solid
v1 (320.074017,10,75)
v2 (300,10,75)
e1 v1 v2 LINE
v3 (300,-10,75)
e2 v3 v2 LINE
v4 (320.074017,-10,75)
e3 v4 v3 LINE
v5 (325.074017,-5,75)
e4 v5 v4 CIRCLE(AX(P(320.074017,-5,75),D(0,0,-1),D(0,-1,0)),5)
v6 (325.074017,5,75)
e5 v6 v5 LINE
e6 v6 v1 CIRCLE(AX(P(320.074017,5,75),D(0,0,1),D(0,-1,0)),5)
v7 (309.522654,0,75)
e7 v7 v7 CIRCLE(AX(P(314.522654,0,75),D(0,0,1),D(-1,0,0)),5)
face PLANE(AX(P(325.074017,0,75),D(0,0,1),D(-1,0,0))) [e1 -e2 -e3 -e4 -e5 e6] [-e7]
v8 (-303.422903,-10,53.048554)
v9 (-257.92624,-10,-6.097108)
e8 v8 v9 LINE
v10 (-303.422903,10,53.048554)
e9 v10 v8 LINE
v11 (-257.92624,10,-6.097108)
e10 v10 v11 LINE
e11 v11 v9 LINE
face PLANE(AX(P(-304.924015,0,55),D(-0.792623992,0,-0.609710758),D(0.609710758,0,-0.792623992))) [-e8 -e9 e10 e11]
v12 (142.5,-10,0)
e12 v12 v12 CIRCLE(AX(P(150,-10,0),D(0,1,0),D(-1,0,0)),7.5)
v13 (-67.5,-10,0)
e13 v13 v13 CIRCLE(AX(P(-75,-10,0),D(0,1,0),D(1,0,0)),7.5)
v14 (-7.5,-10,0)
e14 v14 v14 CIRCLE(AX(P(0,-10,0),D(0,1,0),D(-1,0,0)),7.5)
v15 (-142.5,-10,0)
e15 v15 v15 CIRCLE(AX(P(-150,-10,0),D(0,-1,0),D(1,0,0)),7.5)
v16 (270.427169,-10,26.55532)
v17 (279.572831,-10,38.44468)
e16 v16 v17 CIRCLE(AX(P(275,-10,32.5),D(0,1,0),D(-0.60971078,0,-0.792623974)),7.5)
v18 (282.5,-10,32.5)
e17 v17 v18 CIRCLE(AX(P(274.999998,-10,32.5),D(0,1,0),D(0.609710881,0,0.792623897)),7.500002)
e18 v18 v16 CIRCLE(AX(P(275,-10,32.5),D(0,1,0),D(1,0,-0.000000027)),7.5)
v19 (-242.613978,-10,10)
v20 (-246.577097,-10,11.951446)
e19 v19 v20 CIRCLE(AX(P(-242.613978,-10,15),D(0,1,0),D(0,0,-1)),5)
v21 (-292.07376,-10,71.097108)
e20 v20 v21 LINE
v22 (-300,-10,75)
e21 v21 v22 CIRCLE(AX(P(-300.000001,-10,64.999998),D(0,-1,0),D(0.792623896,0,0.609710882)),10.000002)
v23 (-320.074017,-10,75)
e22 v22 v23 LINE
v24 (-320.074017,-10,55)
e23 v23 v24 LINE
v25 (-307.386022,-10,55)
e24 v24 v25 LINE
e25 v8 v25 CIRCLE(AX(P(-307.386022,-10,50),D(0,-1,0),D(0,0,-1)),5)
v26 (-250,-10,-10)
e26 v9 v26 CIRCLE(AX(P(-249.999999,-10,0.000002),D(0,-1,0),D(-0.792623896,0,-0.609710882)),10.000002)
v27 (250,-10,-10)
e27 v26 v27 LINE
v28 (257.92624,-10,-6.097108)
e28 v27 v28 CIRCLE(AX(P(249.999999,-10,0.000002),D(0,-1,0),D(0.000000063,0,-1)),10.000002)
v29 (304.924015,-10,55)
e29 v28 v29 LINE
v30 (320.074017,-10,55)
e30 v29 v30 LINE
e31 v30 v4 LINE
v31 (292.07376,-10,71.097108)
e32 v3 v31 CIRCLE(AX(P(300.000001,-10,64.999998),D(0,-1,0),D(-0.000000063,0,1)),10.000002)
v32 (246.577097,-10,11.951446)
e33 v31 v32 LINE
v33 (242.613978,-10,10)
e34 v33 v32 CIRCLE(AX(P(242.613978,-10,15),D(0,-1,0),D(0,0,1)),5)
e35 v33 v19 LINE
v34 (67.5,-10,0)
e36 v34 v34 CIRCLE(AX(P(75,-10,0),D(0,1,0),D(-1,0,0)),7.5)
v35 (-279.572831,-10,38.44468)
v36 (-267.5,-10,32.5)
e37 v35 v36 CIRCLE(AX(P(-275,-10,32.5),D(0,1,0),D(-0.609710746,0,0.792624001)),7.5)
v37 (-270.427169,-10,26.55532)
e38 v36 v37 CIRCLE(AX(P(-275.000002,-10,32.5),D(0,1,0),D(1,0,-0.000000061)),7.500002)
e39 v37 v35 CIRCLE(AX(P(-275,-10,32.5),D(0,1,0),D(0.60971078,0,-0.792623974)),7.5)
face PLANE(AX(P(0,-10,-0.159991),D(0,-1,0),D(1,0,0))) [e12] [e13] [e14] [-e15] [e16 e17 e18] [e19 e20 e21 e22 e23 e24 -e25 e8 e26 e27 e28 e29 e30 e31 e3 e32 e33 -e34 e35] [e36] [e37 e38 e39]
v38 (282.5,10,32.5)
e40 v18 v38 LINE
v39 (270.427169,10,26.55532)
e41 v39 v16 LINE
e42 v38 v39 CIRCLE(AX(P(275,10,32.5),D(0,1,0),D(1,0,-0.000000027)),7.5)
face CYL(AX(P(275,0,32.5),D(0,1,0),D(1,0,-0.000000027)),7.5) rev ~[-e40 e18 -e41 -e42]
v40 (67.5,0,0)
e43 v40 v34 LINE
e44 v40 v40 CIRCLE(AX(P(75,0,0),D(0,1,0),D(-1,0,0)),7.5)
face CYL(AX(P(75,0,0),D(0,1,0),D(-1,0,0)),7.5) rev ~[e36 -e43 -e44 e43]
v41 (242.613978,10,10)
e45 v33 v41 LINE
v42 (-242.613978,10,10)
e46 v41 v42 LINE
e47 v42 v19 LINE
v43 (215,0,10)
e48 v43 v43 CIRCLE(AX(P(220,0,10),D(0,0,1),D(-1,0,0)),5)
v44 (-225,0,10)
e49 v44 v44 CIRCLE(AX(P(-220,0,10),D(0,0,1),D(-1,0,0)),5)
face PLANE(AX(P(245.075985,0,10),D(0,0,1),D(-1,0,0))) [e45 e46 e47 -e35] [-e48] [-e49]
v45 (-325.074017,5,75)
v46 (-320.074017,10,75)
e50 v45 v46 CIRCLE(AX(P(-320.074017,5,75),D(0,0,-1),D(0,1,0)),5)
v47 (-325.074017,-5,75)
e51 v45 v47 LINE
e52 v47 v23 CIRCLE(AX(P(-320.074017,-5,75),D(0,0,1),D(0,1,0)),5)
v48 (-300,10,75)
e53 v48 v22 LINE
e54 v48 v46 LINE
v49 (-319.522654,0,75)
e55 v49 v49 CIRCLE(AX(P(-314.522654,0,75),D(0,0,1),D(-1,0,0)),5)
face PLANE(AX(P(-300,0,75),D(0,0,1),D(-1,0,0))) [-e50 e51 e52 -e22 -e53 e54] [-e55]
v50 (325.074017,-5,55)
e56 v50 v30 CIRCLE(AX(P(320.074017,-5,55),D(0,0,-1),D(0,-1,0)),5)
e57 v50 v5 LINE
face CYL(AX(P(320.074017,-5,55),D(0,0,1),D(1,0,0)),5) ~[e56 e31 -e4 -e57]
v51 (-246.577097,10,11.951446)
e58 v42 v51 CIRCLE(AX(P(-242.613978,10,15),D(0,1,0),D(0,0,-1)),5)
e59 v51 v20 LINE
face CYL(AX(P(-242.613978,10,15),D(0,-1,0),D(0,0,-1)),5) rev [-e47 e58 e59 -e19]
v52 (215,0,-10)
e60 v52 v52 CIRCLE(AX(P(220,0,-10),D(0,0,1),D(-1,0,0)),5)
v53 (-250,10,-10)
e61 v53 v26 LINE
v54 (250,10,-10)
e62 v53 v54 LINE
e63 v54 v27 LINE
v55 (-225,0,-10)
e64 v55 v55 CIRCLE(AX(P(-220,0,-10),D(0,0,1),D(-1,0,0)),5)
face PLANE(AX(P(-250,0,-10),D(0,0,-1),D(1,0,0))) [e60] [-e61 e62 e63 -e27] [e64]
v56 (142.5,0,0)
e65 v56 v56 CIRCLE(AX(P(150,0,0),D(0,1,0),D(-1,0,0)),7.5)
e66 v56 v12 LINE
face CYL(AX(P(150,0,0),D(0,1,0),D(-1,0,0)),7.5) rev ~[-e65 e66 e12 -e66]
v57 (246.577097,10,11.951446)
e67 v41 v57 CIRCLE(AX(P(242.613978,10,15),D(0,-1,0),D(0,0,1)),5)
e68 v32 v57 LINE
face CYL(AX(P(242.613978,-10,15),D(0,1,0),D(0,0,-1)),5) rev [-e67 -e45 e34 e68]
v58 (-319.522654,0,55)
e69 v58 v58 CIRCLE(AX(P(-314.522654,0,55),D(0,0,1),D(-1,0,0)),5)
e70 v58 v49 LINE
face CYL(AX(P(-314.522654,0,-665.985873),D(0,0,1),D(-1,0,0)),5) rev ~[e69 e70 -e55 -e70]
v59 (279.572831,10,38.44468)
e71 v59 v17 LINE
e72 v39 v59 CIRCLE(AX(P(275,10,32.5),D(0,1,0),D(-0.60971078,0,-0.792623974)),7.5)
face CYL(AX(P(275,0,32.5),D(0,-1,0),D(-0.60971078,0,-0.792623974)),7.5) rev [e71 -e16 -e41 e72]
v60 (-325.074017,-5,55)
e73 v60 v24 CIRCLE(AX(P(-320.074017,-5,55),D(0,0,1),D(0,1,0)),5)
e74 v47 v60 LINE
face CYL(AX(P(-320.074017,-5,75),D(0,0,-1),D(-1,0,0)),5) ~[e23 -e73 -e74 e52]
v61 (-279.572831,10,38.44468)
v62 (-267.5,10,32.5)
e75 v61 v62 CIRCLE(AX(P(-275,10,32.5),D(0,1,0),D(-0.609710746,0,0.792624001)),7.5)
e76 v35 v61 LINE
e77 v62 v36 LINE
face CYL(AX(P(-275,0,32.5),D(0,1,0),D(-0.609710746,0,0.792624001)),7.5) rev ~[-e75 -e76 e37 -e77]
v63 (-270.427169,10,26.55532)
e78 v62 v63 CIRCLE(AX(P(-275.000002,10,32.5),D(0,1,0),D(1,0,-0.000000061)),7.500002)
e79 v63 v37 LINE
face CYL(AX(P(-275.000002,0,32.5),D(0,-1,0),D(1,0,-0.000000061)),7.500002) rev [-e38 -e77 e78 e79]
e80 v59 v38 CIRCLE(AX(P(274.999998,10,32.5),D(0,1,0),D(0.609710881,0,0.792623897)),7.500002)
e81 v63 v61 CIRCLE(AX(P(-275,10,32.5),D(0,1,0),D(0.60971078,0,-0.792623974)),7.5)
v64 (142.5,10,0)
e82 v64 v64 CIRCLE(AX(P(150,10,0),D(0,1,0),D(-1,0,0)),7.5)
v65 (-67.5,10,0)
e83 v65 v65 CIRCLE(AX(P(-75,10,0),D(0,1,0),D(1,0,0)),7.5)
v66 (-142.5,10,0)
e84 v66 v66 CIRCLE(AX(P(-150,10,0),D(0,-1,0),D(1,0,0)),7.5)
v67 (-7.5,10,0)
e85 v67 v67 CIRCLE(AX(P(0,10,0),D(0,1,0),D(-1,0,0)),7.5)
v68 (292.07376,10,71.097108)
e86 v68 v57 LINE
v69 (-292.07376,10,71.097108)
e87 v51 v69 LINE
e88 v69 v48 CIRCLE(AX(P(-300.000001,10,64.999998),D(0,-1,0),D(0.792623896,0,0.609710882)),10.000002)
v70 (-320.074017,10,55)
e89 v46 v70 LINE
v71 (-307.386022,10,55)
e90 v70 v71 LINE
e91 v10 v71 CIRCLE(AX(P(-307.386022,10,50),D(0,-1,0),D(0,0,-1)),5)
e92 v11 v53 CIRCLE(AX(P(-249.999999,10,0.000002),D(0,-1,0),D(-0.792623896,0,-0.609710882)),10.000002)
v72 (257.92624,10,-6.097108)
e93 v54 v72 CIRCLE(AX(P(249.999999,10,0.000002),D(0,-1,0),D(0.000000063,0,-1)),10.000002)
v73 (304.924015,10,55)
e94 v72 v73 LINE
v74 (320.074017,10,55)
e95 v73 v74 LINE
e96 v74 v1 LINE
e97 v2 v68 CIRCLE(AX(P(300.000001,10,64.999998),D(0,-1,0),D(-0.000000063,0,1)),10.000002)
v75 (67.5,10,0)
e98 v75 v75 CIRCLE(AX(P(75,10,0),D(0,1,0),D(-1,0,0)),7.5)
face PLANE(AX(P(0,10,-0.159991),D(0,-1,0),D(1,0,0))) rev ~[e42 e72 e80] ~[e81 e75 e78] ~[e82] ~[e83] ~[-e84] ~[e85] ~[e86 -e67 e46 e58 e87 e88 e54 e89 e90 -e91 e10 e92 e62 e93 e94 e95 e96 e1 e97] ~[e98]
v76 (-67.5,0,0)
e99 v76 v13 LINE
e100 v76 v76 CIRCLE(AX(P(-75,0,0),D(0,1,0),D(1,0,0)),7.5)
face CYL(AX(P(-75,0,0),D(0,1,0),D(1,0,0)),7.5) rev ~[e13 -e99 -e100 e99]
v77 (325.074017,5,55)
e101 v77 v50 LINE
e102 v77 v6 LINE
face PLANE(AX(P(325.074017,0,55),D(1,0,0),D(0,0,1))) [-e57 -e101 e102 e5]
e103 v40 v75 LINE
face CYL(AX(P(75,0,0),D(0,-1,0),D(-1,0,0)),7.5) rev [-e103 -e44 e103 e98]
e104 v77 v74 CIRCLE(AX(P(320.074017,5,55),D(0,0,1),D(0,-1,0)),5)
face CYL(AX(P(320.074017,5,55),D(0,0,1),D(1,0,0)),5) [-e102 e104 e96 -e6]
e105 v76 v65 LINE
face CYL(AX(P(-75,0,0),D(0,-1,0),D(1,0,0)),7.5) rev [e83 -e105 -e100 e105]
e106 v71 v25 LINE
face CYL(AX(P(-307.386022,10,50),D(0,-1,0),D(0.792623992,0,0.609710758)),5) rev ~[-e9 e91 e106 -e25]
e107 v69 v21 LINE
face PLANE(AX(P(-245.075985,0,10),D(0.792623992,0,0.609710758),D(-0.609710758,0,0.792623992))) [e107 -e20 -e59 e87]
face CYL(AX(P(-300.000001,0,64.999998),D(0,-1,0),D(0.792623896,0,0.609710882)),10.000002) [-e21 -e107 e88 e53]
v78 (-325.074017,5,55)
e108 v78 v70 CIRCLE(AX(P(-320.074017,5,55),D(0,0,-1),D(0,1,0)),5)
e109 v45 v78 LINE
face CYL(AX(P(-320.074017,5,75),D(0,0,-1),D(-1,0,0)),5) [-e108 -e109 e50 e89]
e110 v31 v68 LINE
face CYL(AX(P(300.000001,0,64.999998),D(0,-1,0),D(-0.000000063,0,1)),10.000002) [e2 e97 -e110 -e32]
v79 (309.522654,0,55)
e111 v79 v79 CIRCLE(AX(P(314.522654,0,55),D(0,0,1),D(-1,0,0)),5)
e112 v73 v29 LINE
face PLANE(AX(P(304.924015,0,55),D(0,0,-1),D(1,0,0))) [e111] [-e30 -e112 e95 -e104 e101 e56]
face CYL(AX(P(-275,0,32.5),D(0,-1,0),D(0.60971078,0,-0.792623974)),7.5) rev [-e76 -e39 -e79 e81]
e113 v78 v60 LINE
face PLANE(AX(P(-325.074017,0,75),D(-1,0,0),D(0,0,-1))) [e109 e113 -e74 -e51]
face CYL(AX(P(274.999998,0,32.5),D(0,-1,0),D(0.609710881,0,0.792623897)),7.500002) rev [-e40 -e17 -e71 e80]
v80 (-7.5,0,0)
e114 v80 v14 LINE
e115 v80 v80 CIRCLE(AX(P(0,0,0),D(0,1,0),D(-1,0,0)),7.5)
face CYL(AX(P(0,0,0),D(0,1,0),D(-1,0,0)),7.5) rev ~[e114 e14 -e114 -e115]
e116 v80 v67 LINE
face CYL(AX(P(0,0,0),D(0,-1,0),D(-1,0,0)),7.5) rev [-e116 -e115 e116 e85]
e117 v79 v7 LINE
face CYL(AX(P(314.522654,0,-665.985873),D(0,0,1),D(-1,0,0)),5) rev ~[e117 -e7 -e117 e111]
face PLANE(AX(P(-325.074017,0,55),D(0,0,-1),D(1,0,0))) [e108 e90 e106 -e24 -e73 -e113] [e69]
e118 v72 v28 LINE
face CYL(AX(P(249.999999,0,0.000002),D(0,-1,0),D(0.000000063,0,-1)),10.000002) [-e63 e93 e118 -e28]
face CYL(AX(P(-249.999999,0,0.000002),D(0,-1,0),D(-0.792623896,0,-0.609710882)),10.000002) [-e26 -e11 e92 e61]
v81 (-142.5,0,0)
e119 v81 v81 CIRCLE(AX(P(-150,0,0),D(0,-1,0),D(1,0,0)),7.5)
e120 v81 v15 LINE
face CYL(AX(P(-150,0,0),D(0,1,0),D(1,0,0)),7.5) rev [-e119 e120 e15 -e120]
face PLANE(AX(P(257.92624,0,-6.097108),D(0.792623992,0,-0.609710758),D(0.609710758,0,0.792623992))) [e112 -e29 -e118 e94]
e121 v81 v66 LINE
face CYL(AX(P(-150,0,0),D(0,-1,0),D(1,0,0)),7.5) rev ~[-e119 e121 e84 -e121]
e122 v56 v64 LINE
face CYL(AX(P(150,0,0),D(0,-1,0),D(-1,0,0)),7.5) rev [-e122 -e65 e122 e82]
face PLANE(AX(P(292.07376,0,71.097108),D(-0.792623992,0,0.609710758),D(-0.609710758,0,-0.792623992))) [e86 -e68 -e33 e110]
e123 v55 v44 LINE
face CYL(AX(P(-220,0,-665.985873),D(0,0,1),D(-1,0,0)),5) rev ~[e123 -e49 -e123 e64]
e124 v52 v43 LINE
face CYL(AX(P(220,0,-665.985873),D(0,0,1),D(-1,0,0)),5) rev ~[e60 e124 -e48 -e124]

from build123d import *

# Parameters (mm, degrees)
F0_R     = 7.5
F1_DEPTH = 10
F2_R     = 5
F5_D     = 10


with BuildPart() as f1:
    # F0 (on Front) → F1 (new body, symmetric)
    with BuildSketch(Plane.XZ):
        with BuildLine():
            Line((0, 10), (-245.075985, 10))
            Line((-245.075985, 10), (-242.07376, 6.097108))
            ThreePointArc((-242.07376, 6.097108), (-241.028627, -4.417518), (-250, -10))
            Line((-250, -10), (0, -10))
            Line((0, -10), (250, -10))
            ThreePointArc((250, -10), (241.028627, -4.417518), (242.07376, 6.097108))
            Line((242.07376, 6.097108), (245.075985, 10))
            Line((245.075985, 10), (0, 10))
        make_face()
        with Locations((-150, 0)):
            Circle(F0_R, mode=Mode.SUBTRACT)
        with BuildLine():
            ThreePointArc((-82.5, 0), (-75, 7.5), (-67.5, 0))
            ThreePointArc((-67.5, 0), (-75, -7.5), (-82.5, 0))
        make_face(mode=Mode.SUBTRACT)
        with BuildLine():
            ThreePointArc((7.5, 0), (0, -7.5), (-7.5, 0))
            ThreePointArc((-7.5, 0), (0, 7.5), (7.5, 0))
        make_face(mode=Mode.SUBTRACT)
        with BuildLine():
            ThreePointArc((82.5, 0), (75, -7.5), (67.5, 0))
            ThreePointArc((67.5, 0), (75, 7.5), (82.5, 0))
        make_face(mode=Mode.SUBTRACT)
        with BuildLine():
            ThreePointArc((157.5, 0), (150, -7.5), (142.5, 0))
            ThreePointArc((142.5, 0), (150, 7.5), (157.5, 0))
        make_face(mode=Mode.SUBTRACT)
        with BuildLine():
            ThreePointArc((-300, 75), (-308.971373, 69.417518), (-307.92624, 58.902892))
            Line((-307.92624, 58.902892), (-304.924015, 55))
            Line((-304.924015, 55), (-257.92624, -6.097108))
            ThreePointArc((-257.92624, -6.097108), (-254.417518, -8.971373), (-250, -10))
            ThreePointArc((-250, -10), (-241.028627, -4.417518), (-242.07376, 6.097108))
            Line((-242.07376, 6.097108), (-245.075985, 10))
            Line((-245.075985, 10), (-292.07376, 71.097108))
            ThreePointArc((-292.07376, 71.097108), (-295.582482, 73.971373), (-300, 75))
        make_face()
        with BuildLine():
            ThreePointArc((-270.427169, 26.55532), (-280.94468, 27.927169), (-279.572831, 38.44468))
            ThreePointArc((-279.572831, 38.44468), (-271.686862, 39.22853), (-267.5, 32.5))
            ThreePointArc((-267.5, 32.5), (-268.27147, 29.186862), (-270.427169, 26.55532))
        make_face(mode=Mode.SUBTRACT)
        with BuildLine():
            Line((-304.924015, 55), (-307.92624, 58.902892))
            ThreePointArc((-307.92624, 58.902892), (-308.971373, 69.417518), (-300, 75))
            Line((-300, 75), (-320, 75))
            Line((-320, 75), (-325.074017, 75))
            Line((-325.074017, 75), (-325.074017, 55))
            Line((-325.074017, 55), (-320, 55))
            Line((-320, 55), (-319.222152, 55))
            Line((-319.222152, 55), (-304.924015, 55))
        make_face()
        with BuildLine():
            Line((292.07376, 71.097108), (245.075985, 10))
            Line((245.075985, 10), (242.07376, 6.097108))
            ThreePointArc((242.07376, 6.097108), (241.028627, -4.417518), (250, -10))
            ThreePointArc((250, -10), (254.417518, -8.971373), (257.92624, -6.097108))
            Line((257.92624, -6.097108), (304.924015, 55))
            Line((304.924015, 55), (307.92624, 58.902892))
            ThreePointArc((307.92624, 58.902892), (308.971373, 69.417518), (300, 75))
            ThreePointArc((300, 75), (295.582482, 73.971373), (292.07376, 71.097108))
        make_face()
        with BuildLine():
            ThreePointArc((279.572831, 38.44468), (281.72853, 35.813138), (282.5, 32.5))
            ThreePointArc((282.5, 32.5), (278.313138, 25.77147), (270.427169, 26.55532))
            ThreePointArc((270.427169, 26.55532), (269.05532, 37.072831), (279.572831, 38.44468))
        make_face(mode=Mode.SUBTRACT)
        with BuildLine():
            Line((320, 75), (300, 75))
            ThreePointArc((300, 75), (308.971373, 69.417518), (307.92624, 58.902892))
            Line((307.92624, 58.902892), (304.924015, 55))
            Line((304.924015, 55), (319.222152, 55))
            Line((319.222152, 55), (320, 55))
            Line((320, 55), (325.074017, 55))
            Line((325.074017, 55), (325.074017, 75))
            Line((325.074017, 75), (320, 75))
        make_face()
    extrude(amount=F1_DEPTH, both=True)

    # F2
    f2_edges = [f1.edges().sort_by_distance(p)[0] for p in [
        (-245.075985, 0, 10),
        (245.075985, 0, 10),
        (-304.924015, 0, 55),
        (-325.074017, 10, 65),
        (325.074017, -10, 65),
        (325.074017, 10, 65),
        (-325.074017, -10, 65),
    ]]
    fillet(f2_edges, radius=F2_R)

    # F5 (through all)
    with Locations(Plane(origin=(0, 0, -10), x_dir=(1, 0, 0), z_dir=(0, 0, -1))):
        with Locations((-220, 0), (220, 0), (314.522654, 0), (-314.522654, 0)):
            Hole(F5_D / 2)


solid = f1.part
